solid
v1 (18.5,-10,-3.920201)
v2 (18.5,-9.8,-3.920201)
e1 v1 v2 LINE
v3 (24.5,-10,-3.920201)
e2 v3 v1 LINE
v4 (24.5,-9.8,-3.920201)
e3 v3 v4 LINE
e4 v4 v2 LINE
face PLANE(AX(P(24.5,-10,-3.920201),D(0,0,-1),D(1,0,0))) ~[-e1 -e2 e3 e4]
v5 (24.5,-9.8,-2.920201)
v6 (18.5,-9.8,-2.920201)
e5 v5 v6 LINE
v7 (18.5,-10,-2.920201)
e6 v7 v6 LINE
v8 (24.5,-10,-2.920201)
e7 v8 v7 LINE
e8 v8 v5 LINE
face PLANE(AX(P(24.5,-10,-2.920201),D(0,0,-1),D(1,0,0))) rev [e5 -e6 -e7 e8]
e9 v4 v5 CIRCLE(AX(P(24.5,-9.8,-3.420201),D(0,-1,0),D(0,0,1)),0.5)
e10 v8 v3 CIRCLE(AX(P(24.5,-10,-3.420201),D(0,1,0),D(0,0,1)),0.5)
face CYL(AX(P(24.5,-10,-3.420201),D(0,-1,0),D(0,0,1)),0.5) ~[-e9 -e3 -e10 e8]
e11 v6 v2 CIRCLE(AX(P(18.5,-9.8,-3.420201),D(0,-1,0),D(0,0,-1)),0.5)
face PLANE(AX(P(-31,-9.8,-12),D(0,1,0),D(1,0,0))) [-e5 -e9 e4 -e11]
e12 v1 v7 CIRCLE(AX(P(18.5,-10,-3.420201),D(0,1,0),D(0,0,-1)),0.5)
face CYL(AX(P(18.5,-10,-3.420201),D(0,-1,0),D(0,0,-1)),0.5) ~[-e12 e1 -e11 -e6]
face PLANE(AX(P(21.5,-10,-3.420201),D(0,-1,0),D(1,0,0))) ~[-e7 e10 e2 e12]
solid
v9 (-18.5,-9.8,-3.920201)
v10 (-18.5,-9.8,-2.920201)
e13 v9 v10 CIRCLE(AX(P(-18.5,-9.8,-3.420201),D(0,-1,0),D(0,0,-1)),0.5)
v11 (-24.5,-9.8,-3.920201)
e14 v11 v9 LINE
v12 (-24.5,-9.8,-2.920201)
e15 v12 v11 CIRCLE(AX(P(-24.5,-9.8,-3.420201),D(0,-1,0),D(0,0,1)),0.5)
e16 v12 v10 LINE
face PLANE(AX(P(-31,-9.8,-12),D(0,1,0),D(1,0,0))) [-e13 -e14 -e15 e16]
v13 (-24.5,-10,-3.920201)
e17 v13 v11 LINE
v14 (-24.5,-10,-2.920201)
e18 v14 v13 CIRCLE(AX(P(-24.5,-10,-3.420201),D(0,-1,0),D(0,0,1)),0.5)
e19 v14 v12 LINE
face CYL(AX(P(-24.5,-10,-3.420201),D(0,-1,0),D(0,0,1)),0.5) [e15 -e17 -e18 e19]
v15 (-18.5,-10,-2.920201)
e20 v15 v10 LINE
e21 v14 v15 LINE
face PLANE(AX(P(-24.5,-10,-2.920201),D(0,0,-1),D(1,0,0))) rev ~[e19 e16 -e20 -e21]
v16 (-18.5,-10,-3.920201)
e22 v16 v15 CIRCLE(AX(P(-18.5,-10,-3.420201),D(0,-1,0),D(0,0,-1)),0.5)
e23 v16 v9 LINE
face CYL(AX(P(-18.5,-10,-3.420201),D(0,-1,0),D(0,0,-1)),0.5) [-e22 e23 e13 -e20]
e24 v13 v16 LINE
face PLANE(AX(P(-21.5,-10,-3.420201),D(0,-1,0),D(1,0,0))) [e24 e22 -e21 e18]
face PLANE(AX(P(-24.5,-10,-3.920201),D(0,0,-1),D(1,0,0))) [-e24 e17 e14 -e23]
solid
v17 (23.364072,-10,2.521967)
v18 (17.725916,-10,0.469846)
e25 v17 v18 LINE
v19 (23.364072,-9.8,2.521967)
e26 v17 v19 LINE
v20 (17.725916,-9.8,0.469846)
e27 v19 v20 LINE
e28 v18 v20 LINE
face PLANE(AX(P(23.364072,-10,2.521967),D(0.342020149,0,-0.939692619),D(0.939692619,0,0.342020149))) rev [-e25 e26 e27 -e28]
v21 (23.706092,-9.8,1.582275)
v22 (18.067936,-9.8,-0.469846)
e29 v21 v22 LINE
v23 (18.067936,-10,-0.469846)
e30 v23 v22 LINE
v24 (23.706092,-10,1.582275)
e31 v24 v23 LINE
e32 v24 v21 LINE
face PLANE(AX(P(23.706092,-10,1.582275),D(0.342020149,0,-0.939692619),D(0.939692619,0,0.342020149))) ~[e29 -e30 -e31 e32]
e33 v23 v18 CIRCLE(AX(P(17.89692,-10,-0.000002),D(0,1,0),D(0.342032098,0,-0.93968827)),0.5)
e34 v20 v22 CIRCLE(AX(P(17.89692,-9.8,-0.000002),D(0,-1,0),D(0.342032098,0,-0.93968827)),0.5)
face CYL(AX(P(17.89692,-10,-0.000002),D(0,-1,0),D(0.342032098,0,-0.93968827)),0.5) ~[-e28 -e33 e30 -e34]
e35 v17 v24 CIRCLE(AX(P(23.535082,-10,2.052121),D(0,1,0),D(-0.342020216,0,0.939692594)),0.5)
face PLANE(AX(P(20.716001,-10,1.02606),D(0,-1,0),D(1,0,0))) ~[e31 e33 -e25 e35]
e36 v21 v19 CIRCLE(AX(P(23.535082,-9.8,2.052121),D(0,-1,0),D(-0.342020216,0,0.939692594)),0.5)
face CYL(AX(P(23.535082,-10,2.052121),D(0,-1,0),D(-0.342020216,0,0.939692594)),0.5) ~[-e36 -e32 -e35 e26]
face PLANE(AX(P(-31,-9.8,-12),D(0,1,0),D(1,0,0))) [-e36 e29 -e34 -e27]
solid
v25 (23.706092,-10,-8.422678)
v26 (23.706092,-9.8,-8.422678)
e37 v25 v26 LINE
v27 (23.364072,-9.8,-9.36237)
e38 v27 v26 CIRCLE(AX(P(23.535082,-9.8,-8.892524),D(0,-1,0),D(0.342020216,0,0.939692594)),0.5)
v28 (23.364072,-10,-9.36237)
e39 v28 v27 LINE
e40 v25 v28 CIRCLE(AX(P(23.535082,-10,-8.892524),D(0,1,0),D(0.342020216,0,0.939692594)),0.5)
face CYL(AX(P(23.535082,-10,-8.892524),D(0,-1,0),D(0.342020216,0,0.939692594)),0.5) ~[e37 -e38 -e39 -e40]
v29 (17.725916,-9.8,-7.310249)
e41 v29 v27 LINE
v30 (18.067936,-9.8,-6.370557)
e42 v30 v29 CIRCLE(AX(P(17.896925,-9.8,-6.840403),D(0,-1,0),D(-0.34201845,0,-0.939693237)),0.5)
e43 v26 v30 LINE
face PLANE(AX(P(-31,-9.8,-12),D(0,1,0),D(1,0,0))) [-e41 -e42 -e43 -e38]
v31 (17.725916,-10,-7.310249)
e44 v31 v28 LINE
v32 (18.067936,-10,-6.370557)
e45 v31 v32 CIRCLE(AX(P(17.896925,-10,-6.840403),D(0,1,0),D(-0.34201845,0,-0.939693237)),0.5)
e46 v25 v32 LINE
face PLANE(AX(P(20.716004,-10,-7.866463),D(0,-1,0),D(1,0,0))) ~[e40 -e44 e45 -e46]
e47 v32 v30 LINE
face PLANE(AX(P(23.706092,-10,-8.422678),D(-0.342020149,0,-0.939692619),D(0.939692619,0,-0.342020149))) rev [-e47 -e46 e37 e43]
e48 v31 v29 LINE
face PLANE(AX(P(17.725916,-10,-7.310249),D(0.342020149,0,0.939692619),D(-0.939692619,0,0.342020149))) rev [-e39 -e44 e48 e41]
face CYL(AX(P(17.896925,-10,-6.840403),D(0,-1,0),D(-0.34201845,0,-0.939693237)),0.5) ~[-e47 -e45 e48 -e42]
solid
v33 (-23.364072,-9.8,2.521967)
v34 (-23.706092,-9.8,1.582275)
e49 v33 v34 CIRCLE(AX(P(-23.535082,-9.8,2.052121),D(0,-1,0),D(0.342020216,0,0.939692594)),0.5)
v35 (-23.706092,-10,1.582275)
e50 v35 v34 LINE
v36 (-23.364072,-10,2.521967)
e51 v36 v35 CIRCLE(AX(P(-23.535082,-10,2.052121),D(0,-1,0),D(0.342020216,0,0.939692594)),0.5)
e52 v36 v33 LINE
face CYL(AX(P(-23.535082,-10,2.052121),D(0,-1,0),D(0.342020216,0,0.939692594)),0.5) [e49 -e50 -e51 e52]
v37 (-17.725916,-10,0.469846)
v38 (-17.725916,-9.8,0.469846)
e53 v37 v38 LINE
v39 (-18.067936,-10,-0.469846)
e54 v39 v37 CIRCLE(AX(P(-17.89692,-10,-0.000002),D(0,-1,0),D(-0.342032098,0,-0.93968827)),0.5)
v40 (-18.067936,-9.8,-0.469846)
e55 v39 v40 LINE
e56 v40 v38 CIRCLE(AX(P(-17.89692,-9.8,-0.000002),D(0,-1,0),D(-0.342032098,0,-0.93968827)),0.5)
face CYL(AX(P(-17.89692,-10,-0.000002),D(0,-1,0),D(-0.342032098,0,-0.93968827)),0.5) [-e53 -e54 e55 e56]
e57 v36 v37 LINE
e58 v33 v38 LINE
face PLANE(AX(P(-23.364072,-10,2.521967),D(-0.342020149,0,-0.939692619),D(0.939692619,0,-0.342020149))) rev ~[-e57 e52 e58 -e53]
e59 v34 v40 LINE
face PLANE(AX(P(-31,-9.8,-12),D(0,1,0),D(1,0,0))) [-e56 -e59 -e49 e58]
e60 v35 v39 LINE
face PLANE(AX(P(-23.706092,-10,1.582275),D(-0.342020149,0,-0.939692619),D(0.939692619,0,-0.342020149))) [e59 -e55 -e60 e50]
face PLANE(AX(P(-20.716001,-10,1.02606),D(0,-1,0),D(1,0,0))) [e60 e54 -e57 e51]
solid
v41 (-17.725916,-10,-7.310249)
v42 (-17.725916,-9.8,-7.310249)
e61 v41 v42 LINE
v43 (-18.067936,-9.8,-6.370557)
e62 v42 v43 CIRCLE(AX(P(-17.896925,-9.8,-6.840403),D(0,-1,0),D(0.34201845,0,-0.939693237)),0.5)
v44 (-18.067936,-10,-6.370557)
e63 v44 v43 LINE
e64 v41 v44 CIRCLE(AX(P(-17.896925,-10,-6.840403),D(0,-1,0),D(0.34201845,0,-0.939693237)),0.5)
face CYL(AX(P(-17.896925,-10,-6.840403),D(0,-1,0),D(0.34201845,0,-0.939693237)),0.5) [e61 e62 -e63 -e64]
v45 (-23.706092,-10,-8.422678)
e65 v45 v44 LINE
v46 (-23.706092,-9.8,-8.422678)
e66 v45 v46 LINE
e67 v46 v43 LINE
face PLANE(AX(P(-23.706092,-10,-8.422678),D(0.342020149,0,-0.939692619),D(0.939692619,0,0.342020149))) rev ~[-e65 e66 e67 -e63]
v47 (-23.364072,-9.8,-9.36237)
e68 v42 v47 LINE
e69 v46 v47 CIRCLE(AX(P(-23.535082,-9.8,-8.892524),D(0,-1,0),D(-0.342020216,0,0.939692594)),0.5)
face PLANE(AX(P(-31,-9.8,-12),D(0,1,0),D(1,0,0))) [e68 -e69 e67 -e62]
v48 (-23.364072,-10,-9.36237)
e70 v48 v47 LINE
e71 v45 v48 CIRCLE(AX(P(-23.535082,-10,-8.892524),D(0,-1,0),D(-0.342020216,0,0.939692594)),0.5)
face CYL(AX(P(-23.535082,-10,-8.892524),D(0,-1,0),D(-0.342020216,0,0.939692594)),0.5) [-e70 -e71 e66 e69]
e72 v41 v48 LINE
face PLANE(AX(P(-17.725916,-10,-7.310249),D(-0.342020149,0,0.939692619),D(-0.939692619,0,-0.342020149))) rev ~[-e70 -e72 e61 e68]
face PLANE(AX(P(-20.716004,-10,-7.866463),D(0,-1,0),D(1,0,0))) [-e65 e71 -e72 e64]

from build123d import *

# Parameters (mm, degrees)
BOX004_W     = 62
BOX004_H     = 12
BOX004_DEPTH = 17
BOX003_W     = 60
BOX003_H     = 15
BOX003_DEPTH = 1
PAD009_DEPTH = 10


with BuildPart() as cube:
    # Box004 → Box004 (new body)
    with BuildSketch(Plane(origin=(-31, -9.8, -12), x_dir=(1, 0, 0), z_dir=(0, 0, 1))):
        with Locations((31, 6)):
            Rectangle(BOX004_W, BOX004_H)
    extrude(amount=BOX004_DEPTH)


with BuildPart() as whiskers:
    # Box003 → Box003 (join)
    with BuildSketch(Plane(origin=(-30, 0, -11), x_dir=(1, 0, 0), z_dir=(0, -1, 0))):
        with Locations((30, 7.5)):
            Rectangle(BOX003_W, BOX003_H)
    extrude(amount=BOX003_DEPTH)

    # Sketch035 → Pad009 (join)
    with BuildSketch(Plane.XZ.offset(10)):
        with BuildLine():
            ThreePointArc((-23.364072, 2.521967), (-24.004928, 2.223131), (-23.706092, 1.582275))
            Line((-23.706092, 1.582275), (-18.067936, -0.469846))
            ThreePointArc((-18.067936, -0.469846), (-17.427074, -0.171012), (-17.725916, 0.469846))
            Line((-23.364072, 2.521967), (-17.725916, 0.469846))
        make_face()
        with BuildLine():
            ThreePointArc((-24.5, -2.920201), (-25, -3.420201), (-24.5, -3.920201))
            Line((-24.5, -3.920201), (-18.5, -3.920201))
            ThreePointArc((-18.5, -3.920201), (-18, -3.420201), (-18.5, -2.920201))
            Line((-24.5, -2.920201), (-18.5, -2.920201))
        make_face()
        with BuildLine():
            ThreePointArc((-23.706092, -8.422678), (-24.004928, -9.063534), (-23.364072, -9.36237))
            Line((-17.725916, -7.310249), (-23.364072, -9.36237))
            ThreePointArc((-17.725916, -7.310249), (-17.427079, -6.669393), (-18.067936, -6.370557))
            Line((-23.706092, -8.422678), (-18.067936, -6.370557))
        make_face()
    pad009 = extrude(amount=-PAD009_DEPTH)

    # Mirrored005: Pad009 across Sketch035 V_Axis
    add(pad009.mirror(Plane(origin=(0, -10, 0), x_dir=(0, -1, 0), z_dir=(1, 0, 0))))

    # Cut: cut Cube
    add(cube.part, mode=Mode.SUBTRACT)


solid = whiskers.part
